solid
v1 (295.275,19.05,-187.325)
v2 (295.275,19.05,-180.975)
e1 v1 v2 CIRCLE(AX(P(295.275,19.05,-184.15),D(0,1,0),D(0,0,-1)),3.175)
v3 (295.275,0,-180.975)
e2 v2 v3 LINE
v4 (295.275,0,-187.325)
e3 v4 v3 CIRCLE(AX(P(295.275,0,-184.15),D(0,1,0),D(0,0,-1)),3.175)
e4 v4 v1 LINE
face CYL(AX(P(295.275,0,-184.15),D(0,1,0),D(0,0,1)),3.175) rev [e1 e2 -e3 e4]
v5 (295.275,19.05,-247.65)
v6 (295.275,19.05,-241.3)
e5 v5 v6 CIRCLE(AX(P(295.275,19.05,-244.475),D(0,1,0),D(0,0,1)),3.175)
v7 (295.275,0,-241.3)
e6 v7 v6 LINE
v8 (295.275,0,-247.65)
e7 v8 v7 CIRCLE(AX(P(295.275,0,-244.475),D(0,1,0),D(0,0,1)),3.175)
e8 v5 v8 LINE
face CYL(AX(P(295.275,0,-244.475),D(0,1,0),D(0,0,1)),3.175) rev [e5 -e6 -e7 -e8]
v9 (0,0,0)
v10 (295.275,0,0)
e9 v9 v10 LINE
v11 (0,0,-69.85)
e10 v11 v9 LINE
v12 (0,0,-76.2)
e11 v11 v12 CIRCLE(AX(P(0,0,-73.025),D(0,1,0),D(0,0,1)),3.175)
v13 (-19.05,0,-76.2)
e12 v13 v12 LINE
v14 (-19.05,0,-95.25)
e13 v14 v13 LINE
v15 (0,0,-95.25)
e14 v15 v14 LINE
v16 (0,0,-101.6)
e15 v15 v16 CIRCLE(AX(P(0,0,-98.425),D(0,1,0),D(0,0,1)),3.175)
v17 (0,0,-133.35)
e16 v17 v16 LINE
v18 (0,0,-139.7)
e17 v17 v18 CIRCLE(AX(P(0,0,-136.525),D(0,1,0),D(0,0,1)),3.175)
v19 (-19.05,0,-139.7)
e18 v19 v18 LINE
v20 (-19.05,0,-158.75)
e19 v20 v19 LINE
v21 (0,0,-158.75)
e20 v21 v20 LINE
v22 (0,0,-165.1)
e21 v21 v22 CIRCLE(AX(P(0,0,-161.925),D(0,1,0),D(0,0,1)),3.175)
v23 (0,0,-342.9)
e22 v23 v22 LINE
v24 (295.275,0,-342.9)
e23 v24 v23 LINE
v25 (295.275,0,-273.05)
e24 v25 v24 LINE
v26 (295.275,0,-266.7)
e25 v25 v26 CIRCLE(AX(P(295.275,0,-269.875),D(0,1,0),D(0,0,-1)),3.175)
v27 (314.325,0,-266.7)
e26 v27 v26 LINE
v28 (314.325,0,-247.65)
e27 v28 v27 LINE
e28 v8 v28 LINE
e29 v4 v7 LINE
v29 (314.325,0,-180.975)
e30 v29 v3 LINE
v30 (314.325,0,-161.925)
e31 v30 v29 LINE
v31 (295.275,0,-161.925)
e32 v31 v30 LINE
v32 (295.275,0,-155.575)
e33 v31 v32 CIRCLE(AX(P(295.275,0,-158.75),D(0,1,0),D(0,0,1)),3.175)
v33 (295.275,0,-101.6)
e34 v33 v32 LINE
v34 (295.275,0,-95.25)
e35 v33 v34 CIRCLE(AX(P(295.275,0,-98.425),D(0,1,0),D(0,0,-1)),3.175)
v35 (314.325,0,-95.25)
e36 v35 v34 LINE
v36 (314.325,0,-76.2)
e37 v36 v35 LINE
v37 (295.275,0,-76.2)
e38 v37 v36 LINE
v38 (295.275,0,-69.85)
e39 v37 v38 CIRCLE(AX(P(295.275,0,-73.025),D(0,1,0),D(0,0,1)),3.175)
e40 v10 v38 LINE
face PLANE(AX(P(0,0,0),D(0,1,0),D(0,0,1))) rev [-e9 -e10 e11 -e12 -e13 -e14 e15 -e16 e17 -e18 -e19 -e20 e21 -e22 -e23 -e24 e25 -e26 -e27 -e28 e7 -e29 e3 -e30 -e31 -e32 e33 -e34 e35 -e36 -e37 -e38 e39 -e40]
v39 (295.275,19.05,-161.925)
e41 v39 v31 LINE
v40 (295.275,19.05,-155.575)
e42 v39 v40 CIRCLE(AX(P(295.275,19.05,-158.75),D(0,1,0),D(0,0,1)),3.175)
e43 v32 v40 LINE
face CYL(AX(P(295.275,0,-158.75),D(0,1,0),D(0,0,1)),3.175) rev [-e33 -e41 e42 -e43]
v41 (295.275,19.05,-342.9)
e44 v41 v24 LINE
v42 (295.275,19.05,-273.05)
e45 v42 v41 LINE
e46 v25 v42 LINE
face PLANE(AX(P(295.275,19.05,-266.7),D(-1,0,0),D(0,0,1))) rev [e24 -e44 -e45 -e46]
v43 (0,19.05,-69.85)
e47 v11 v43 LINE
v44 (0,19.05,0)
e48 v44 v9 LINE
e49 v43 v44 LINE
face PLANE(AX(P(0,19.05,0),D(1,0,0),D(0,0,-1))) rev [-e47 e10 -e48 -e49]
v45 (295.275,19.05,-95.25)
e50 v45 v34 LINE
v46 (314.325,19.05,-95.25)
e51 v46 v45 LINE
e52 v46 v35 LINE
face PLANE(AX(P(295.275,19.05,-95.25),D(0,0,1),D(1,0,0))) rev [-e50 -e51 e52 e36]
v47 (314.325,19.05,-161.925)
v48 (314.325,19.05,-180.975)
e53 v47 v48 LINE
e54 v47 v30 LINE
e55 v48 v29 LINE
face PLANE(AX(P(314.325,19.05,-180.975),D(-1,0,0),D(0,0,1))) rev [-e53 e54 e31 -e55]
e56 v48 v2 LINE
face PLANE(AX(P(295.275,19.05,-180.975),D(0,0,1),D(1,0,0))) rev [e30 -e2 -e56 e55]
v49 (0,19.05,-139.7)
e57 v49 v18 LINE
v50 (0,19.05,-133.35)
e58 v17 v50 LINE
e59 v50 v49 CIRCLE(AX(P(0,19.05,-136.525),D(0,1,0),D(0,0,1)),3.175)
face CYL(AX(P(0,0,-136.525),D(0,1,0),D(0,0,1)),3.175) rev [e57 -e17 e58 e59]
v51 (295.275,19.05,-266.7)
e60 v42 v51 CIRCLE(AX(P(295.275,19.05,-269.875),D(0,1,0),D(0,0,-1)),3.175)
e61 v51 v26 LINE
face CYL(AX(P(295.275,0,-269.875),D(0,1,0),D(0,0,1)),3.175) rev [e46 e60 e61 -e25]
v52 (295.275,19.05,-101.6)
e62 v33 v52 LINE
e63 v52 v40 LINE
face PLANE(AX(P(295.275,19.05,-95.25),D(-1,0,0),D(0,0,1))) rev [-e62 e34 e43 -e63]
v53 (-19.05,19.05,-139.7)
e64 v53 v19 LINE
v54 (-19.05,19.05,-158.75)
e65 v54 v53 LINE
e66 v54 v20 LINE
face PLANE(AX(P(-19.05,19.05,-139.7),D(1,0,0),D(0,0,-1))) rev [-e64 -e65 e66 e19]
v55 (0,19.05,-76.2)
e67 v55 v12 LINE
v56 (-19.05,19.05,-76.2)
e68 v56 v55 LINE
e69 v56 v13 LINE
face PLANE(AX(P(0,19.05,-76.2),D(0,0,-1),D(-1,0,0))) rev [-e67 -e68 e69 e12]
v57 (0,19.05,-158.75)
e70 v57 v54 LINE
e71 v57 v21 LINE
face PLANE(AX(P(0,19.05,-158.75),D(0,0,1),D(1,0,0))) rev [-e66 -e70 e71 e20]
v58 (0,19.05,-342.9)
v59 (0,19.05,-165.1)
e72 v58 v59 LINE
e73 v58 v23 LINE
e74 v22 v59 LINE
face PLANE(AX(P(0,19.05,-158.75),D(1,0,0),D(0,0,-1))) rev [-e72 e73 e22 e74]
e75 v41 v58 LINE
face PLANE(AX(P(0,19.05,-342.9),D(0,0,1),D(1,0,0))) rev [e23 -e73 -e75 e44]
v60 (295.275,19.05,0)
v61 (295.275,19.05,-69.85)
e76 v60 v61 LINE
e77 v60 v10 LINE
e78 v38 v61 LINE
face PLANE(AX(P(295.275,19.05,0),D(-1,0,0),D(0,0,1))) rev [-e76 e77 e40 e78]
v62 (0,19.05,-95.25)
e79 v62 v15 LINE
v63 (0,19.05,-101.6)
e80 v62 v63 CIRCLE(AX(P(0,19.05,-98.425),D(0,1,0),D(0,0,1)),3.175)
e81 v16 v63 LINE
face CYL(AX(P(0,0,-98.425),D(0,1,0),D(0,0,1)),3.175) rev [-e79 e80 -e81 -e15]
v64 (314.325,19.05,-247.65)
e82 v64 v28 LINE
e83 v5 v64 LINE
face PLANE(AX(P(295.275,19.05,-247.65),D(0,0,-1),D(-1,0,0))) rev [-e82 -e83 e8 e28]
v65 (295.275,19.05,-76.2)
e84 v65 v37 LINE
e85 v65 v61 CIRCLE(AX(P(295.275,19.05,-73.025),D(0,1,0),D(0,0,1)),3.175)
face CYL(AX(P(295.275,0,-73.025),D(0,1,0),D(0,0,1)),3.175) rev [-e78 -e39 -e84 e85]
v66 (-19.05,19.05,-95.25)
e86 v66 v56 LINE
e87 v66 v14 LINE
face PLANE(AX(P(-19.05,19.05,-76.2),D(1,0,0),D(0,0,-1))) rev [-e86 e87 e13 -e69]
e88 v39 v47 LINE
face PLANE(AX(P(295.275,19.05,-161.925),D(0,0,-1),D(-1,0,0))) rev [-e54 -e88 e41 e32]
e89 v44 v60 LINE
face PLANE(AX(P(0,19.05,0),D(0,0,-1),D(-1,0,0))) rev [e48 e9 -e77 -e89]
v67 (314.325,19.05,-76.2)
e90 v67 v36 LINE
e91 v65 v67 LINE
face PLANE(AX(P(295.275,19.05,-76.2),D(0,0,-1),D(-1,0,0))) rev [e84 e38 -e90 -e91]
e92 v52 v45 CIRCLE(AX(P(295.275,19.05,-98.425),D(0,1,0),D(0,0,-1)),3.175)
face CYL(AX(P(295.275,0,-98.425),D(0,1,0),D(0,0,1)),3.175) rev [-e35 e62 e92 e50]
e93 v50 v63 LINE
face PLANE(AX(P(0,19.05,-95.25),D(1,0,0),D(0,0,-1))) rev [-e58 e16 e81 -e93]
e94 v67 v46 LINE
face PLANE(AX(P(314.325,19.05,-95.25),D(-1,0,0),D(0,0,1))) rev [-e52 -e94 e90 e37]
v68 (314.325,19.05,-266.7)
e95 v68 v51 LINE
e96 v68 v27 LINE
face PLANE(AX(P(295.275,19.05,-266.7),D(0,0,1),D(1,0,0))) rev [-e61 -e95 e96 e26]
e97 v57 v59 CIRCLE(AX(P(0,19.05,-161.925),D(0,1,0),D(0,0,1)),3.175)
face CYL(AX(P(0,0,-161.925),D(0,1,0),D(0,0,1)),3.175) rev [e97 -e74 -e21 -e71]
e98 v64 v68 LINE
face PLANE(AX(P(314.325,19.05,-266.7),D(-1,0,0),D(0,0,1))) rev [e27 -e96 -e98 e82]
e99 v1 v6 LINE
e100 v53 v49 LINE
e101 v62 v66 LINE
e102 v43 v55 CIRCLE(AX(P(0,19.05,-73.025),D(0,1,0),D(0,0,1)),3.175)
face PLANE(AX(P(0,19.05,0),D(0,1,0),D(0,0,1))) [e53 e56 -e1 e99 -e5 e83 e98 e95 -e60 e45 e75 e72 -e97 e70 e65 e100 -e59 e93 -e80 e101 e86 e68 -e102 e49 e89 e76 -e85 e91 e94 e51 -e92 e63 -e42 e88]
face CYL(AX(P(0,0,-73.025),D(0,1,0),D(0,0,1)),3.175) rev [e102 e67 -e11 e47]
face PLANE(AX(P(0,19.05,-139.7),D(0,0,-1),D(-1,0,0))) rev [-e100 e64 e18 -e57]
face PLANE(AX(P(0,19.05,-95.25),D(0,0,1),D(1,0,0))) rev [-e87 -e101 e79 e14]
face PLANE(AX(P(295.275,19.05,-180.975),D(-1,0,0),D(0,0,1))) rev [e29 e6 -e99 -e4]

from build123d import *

# Parameters (mm, degrees)
BOSS_EXTRUDE1_DEPTH     = 19.05
CUT_EXTRUDE1_DEPTH      = 466.557212515
CUT_EXTRUDE1_DEPTH_BACK = 466.557212515


with BuildPart() as part:
    # Sketch1 → Boss-Extrude1 (new body)
    with BuildSketch(Plane(origin=(0, 0, 0), x_dir=(1, 0, 0), z_dir=(0, 1, 0))):
        Polygon((0, 0), (295.275, 0), (295.275, 76.2), (314.325, 76.2), (314.325, 95.25), (295.275, 95.25), (295.275, 161.925), (314.325, 161.925), (314.325, 180.975), (295.275, 180.975), (295.275, 247.65), (314.325, 247.65), (314.325, 266.7), (295.275, 266.7), (295.275, 342.9), (0, 342.9), (0, 158.75), (-19.05, 158.75), (-19.05, 139.7), (0, 139.7), (0, 95.25), (-19.05, 95.25), (-19.05, 76.2), (0, 76.2), align=None)
    extrude(amount=BOSS_EXTRUDE1_DEPTH)

    # Sketch2 → Cut-Extrude1 (cut, two sides: drawn at the far end of the back side and taken through both)
    with BuildSketch(Plane(origin=(0, 19.05, 0), x_dir=(1, 0, 0), z_dir=(0, 1, 0)).offset(-CUT_EXTRUDE1_DEPTH_BACK)):
        with BuildLine():
            Line((0, 165.1), (0, 158.75))
            ThreePointArc((0, 158.75), (3.175, 161.925), (0, 165.1))
        make_face()
        with BuildLine():
            Line((0, 139.7), (0, 133.35))
            ThreePointArc((0, 133.35), (3.175, 136.525), (0, 139.7))
        make_face()
        with BuildLine():
            Line((0, 101.6), (0, 95.25))
            ThreePointArc((0, 95.25), (3.175, 98.425), (0, 101.6))
        make_face()
        with BuildLine():
            Line((0, 76.2), (0, 69.85))
            ThreePointArc((0, 69.85), (3.175, 73.025), (0, 76.2))
        make_face()
        with BuildLine():
            Line((295.275, 273.05), (295.275, 266.7))
            ThreePointArc((295.275, 266.7), (292.1, 269.875), (295.275, 273.05))
        make_face()
        with BuildLine():
            Line((295.275, 241.3), (295.275, 247.65))
            ThreePointArc((295.275, 247.65), (292.1, 244.475), (295.275, 241.3))
        make_face()
        with BuildLine():
            Line((295.275, 101.6), (295.275, 95.25))
            ThreePointArc((295.275, 95.25), (292.1, 98.425), (295.275, 101.6))
        make_face()
        with BuildLine():
            Line((295.275, 76.2), (295.275, 69.85))
            ThreePointArc((295.275, 69.85), (292.1, 73.025), (295.275, 76.2))
        make_face()
        with BuildLine():
            Line((295.275, 161.925), (295.275, 155.575))
            ThreePointArc((295.275, 155.575), (292.1, 158.75), (295.275, 161.925))
        make_face()
        with BuildLine():
            Line((295.275, 187.325), (295.275, 180.975))
            ThreePointArc((295.275, 180.975), (292.1, 184.15), (295.275, 187.325))
        make_face()
    extrude(amount=CUT_EXTRUDE1_DEPTH + CUT_EXTRUDE1_DEPTH_BACK, mode=Mode.SUBTRACT)


solid = part.part
